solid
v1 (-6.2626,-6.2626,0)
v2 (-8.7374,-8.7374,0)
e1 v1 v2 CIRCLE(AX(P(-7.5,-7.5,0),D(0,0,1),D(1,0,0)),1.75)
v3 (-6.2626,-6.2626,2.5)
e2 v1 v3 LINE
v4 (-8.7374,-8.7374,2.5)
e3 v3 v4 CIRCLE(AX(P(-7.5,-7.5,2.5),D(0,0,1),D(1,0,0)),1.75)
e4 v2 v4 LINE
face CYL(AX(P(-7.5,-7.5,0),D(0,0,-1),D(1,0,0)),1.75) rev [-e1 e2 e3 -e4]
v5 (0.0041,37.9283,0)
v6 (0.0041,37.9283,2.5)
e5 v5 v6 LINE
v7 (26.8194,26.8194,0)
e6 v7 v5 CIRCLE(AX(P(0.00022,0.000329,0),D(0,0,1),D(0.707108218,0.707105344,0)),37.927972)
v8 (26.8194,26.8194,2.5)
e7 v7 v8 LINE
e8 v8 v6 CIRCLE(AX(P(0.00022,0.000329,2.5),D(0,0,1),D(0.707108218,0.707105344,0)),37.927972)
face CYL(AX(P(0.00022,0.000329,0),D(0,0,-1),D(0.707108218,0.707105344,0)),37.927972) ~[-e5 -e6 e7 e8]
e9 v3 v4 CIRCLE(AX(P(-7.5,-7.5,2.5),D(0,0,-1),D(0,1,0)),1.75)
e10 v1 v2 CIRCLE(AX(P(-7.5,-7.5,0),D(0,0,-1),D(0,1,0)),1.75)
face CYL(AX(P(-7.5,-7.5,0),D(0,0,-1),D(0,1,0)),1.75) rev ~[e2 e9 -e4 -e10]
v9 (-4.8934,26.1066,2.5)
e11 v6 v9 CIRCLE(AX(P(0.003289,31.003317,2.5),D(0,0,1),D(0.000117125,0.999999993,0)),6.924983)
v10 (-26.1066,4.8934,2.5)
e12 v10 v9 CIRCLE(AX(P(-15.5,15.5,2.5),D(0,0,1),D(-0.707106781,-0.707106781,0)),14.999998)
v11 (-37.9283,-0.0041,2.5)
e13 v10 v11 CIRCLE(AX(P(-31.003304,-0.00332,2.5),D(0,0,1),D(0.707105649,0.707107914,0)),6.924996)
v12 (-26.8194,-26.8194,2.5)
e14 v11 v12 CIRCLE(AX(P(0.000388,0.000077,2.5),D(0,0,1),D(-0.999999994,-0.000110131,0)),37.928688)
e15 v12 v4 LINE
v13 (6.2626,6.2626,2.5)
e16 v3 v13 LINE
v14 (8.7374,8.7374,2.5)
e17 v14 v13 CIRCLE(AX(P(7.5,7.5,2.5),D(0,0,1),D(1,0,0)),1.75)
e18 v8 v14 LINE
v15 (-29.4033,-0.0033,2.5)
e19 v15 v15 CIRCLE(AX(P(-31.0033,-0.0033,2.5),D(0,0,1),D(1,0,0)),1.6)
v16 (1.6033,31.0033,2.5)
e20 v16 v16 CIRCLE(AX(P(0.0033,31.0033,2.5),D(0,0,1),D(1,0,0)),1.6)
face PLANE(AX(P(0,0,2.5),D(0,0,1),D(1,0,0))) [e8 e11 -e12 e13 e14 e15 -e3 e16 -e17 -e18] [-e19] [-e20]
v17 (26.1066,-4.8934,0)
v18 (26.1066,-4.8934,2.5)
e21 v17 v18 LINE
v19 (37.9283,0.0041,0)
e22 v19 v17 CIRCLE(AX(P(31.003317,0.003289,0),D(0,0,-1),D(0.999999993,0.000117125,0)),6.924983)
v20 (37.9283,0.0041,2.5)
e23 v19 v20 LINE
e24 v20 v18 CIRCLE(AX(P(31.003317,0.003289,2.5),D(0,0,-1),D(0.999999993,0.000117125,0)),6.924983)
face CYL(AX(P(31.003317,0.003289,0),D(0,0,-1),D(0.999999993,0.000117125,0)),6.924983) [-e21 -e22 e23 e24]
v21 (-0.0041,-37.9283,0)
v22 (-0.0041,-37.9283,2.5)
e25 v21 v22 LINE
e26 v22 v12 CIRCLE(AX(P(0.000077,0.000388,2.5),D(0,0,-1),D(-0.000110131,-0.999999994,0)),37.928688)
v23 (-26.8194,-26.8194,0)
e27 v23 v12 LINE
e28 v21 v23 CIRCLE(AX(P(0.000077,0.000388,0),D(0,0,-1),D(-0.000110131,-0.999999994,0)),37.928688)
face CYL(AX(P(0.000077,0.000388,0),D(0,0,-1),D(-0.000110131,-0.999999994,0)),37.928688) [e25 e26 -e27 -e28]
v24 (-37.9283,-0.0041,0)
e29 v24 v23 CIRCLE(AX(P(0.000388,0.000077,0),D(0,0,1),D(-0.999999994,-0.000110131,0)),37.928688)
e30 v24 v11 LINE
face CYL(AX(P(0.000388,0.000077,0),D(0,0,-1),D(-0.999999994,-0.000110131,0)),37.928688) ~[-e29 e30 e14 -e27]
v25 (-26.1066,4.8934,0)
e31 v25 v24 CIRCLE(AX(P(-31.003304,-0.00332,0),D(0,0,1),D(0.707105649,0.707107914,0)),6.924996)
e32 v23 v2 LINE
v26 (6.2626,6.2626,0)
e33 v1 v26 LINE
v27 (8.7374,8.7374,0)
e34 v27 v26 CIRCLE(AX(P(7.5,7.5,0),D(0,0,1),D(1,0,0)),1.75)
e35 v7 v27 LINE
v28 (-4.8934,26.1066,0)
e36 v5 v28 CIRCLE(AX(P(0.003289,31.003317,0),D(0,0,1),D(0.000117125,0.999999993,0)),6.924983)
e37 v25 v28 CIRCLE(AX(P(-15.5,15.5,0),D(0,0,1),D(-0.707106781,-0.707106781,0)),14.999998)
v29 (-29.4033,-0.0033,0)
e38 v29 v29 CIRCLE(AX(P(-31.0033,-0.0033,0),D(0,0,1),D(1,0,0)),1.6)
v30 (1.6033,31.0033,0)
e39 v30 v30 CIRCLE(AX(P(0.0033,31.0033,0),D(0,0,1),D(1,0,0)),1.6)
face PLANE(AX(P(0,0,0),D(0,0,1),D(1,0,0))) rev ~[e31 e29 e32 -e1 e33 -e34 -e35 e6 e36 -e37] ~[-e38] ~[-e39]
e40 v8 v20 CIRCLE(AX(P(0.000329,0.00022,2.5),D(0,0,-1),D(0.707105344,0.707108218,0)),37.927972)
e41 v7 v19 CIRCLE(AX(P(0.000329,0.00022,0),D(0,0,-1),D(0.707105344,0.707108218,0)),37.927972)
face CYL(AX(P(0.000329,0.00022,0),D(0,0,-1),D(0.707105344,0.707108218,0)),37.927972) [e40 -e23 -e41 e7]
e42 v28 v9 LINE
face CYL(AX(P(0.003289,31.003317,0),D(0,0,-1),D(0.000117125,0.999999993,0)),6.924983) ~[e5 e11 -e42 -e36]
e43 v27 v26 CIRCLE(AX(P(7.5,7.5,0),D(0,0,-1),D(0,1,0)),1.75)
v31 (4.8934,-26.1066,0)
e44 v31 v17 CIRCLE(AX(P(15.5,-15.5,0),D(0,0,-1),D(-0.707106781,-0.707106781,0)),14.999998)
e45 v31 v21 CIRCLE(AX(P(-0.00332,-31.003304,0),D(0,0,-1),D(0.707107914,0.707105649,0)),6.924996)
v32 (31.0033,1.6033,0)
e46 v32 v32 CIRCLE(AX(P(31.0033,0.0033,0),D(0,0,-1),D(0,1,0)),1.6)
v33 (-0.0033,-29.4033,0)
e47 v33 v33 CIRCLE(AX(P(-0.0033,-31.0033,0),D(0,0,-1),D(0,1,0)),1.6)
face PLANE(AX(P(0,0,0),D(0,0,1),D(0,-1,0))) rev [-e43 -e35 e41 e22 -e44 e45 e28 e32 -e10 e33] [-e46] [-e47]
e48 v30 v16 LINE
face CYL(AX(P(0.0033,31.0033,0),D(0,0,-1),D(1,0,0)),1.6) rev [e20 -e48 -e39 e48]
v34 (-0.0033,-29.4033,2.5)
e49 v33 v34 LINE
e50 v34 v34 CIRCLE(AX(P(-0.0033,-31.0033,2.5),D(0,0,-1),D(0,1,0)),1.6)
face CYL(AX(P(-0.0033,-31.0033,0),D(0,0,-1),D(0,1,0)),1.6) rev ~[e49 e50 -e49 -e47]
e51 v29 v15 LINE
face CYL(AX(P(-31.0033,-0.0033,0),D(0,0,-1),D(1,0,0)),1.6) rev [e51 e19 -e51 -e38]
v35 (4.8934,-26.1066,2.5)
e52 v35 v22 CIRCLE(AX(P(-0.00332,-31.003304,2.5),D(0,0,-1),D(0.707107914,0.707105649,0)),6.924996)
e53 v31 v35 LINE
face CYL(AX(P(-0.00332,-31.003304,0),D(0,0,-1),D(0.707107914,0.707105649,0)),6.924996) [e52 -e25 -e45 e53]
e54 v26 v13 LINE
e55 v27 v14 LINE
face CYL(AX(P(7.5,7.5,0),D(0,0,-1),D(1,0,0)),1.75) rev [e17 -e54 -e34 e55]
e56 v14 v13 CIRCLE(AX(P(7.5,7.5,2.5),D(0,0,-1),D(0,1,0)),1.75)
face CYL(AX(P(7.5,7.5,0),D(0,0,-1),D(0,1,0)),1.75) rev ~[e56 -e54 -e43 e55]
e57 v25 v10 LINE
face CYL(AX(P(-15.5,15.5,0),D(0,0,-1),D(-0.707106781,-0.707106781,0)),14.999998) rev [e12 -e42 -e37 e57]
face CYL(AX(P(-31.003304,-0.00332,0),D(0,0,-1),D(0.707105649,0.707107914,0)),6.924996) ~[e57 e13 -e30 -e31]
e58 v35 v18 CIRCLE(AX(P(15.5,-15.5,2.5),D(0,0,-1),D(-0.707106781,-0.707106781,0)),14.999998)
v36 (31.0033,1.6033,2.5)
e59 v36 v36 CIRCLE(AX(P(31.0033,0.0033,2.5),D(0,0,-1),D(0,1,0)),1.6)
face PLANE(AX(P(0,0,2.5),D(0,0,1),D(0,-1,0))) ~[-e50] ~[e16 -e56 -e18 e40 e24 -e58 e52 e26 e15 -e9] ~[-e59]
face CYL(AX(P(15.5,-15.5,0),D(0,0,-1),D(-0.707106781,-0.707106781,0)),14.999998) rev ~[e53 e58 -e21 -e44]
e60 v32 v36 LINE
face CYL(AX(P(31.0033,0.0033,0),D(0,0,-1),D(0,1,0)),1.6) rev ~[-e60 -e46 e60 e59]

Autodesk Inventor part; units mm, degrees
ref_plane "YZ Plane" through (0, 0, 0) normal (1, 0, 0) x (0, 1, 0)
ref_plane "XZ Plane" through (0, 0, 0) normal (0, 1, 0) x (-1, 0, 0)
ref_plane "XY Plane" through (0, 0, 0) normal (0, 0, 1) x (1, 0, 0)
sketch "Sketch2" plane through (0, 0, 0) normal (0, 0, 1) x (1, 0, 0)
  circle A0 centre (7.5, 7.5) radius 1.75
  circle A1 centre (0.0033, 31.0033) radius 1.6
  circle A2 centre (-31.0033, -0.0033) radius 1.6
  line L0 (-31.0033, -0.0033) -> (0.0033, 31.0033) construction
  arc A3 (-26.1066, 4.8934) -> (-4.8934, 26.1066) centre (-15.5, 15.5) ccw
  line L1 (-15.5, 15.5) -> (0, 0) construction
  arc A4 (0.0041, 37.9283) -> (-4.8934, 26.1066) centre (0.0033, 31.0033) ccw
  circle A5 centre (-7.5, -7.5) radius 1.75
  line L2 (7.5, 7.5) -> (-7.5, -7.5) construction
  arc A6 (26.8194, 26.8194) -> (0.0041, 37.9283) centre (0, 0) ccw
  line L3 (26.8194, 26.8194) -> (8.7374, 8.7374)
  arc A7 (-26.1066, 4.8934) -> (-37.9283, -0.0041) centre (-31.0033, -0.0033) ccw
  arc A8 (-37.9283, -0.0041) -> (-26.8194, -26.8194) centre (0, 0) ccw
  line L4 (-26.8194, -26.8194) -> (-8.7374, -8.7374)
  line L5 (-6.2626, -6.2626) -> (6.2626, 6.2626)
  dimension "d0" = 7.5
  dimension "d1" = 7.5
  dimension "d2" = 3.5
  dimension "d3" = 43.85
  dimension "d4" = 3.2
  dimension "d5" = 30
  dimension "d6" = 15.5
  dimension "d7" = 15.5
extrude "Extrusion1" add sketch "Sketch2" along normal blind 2.5 contours A0 L5 A5 L4 A8 A7 A3 A4 A6 L3
mirror "Mirror1" about plane through (-6.2626, -6.2626, 0) normal (0.7071, -0.7071, 0)
equation "\"d1\" = d0"
equation "\"d7\" = d6"
properties part number "mount-plate"
